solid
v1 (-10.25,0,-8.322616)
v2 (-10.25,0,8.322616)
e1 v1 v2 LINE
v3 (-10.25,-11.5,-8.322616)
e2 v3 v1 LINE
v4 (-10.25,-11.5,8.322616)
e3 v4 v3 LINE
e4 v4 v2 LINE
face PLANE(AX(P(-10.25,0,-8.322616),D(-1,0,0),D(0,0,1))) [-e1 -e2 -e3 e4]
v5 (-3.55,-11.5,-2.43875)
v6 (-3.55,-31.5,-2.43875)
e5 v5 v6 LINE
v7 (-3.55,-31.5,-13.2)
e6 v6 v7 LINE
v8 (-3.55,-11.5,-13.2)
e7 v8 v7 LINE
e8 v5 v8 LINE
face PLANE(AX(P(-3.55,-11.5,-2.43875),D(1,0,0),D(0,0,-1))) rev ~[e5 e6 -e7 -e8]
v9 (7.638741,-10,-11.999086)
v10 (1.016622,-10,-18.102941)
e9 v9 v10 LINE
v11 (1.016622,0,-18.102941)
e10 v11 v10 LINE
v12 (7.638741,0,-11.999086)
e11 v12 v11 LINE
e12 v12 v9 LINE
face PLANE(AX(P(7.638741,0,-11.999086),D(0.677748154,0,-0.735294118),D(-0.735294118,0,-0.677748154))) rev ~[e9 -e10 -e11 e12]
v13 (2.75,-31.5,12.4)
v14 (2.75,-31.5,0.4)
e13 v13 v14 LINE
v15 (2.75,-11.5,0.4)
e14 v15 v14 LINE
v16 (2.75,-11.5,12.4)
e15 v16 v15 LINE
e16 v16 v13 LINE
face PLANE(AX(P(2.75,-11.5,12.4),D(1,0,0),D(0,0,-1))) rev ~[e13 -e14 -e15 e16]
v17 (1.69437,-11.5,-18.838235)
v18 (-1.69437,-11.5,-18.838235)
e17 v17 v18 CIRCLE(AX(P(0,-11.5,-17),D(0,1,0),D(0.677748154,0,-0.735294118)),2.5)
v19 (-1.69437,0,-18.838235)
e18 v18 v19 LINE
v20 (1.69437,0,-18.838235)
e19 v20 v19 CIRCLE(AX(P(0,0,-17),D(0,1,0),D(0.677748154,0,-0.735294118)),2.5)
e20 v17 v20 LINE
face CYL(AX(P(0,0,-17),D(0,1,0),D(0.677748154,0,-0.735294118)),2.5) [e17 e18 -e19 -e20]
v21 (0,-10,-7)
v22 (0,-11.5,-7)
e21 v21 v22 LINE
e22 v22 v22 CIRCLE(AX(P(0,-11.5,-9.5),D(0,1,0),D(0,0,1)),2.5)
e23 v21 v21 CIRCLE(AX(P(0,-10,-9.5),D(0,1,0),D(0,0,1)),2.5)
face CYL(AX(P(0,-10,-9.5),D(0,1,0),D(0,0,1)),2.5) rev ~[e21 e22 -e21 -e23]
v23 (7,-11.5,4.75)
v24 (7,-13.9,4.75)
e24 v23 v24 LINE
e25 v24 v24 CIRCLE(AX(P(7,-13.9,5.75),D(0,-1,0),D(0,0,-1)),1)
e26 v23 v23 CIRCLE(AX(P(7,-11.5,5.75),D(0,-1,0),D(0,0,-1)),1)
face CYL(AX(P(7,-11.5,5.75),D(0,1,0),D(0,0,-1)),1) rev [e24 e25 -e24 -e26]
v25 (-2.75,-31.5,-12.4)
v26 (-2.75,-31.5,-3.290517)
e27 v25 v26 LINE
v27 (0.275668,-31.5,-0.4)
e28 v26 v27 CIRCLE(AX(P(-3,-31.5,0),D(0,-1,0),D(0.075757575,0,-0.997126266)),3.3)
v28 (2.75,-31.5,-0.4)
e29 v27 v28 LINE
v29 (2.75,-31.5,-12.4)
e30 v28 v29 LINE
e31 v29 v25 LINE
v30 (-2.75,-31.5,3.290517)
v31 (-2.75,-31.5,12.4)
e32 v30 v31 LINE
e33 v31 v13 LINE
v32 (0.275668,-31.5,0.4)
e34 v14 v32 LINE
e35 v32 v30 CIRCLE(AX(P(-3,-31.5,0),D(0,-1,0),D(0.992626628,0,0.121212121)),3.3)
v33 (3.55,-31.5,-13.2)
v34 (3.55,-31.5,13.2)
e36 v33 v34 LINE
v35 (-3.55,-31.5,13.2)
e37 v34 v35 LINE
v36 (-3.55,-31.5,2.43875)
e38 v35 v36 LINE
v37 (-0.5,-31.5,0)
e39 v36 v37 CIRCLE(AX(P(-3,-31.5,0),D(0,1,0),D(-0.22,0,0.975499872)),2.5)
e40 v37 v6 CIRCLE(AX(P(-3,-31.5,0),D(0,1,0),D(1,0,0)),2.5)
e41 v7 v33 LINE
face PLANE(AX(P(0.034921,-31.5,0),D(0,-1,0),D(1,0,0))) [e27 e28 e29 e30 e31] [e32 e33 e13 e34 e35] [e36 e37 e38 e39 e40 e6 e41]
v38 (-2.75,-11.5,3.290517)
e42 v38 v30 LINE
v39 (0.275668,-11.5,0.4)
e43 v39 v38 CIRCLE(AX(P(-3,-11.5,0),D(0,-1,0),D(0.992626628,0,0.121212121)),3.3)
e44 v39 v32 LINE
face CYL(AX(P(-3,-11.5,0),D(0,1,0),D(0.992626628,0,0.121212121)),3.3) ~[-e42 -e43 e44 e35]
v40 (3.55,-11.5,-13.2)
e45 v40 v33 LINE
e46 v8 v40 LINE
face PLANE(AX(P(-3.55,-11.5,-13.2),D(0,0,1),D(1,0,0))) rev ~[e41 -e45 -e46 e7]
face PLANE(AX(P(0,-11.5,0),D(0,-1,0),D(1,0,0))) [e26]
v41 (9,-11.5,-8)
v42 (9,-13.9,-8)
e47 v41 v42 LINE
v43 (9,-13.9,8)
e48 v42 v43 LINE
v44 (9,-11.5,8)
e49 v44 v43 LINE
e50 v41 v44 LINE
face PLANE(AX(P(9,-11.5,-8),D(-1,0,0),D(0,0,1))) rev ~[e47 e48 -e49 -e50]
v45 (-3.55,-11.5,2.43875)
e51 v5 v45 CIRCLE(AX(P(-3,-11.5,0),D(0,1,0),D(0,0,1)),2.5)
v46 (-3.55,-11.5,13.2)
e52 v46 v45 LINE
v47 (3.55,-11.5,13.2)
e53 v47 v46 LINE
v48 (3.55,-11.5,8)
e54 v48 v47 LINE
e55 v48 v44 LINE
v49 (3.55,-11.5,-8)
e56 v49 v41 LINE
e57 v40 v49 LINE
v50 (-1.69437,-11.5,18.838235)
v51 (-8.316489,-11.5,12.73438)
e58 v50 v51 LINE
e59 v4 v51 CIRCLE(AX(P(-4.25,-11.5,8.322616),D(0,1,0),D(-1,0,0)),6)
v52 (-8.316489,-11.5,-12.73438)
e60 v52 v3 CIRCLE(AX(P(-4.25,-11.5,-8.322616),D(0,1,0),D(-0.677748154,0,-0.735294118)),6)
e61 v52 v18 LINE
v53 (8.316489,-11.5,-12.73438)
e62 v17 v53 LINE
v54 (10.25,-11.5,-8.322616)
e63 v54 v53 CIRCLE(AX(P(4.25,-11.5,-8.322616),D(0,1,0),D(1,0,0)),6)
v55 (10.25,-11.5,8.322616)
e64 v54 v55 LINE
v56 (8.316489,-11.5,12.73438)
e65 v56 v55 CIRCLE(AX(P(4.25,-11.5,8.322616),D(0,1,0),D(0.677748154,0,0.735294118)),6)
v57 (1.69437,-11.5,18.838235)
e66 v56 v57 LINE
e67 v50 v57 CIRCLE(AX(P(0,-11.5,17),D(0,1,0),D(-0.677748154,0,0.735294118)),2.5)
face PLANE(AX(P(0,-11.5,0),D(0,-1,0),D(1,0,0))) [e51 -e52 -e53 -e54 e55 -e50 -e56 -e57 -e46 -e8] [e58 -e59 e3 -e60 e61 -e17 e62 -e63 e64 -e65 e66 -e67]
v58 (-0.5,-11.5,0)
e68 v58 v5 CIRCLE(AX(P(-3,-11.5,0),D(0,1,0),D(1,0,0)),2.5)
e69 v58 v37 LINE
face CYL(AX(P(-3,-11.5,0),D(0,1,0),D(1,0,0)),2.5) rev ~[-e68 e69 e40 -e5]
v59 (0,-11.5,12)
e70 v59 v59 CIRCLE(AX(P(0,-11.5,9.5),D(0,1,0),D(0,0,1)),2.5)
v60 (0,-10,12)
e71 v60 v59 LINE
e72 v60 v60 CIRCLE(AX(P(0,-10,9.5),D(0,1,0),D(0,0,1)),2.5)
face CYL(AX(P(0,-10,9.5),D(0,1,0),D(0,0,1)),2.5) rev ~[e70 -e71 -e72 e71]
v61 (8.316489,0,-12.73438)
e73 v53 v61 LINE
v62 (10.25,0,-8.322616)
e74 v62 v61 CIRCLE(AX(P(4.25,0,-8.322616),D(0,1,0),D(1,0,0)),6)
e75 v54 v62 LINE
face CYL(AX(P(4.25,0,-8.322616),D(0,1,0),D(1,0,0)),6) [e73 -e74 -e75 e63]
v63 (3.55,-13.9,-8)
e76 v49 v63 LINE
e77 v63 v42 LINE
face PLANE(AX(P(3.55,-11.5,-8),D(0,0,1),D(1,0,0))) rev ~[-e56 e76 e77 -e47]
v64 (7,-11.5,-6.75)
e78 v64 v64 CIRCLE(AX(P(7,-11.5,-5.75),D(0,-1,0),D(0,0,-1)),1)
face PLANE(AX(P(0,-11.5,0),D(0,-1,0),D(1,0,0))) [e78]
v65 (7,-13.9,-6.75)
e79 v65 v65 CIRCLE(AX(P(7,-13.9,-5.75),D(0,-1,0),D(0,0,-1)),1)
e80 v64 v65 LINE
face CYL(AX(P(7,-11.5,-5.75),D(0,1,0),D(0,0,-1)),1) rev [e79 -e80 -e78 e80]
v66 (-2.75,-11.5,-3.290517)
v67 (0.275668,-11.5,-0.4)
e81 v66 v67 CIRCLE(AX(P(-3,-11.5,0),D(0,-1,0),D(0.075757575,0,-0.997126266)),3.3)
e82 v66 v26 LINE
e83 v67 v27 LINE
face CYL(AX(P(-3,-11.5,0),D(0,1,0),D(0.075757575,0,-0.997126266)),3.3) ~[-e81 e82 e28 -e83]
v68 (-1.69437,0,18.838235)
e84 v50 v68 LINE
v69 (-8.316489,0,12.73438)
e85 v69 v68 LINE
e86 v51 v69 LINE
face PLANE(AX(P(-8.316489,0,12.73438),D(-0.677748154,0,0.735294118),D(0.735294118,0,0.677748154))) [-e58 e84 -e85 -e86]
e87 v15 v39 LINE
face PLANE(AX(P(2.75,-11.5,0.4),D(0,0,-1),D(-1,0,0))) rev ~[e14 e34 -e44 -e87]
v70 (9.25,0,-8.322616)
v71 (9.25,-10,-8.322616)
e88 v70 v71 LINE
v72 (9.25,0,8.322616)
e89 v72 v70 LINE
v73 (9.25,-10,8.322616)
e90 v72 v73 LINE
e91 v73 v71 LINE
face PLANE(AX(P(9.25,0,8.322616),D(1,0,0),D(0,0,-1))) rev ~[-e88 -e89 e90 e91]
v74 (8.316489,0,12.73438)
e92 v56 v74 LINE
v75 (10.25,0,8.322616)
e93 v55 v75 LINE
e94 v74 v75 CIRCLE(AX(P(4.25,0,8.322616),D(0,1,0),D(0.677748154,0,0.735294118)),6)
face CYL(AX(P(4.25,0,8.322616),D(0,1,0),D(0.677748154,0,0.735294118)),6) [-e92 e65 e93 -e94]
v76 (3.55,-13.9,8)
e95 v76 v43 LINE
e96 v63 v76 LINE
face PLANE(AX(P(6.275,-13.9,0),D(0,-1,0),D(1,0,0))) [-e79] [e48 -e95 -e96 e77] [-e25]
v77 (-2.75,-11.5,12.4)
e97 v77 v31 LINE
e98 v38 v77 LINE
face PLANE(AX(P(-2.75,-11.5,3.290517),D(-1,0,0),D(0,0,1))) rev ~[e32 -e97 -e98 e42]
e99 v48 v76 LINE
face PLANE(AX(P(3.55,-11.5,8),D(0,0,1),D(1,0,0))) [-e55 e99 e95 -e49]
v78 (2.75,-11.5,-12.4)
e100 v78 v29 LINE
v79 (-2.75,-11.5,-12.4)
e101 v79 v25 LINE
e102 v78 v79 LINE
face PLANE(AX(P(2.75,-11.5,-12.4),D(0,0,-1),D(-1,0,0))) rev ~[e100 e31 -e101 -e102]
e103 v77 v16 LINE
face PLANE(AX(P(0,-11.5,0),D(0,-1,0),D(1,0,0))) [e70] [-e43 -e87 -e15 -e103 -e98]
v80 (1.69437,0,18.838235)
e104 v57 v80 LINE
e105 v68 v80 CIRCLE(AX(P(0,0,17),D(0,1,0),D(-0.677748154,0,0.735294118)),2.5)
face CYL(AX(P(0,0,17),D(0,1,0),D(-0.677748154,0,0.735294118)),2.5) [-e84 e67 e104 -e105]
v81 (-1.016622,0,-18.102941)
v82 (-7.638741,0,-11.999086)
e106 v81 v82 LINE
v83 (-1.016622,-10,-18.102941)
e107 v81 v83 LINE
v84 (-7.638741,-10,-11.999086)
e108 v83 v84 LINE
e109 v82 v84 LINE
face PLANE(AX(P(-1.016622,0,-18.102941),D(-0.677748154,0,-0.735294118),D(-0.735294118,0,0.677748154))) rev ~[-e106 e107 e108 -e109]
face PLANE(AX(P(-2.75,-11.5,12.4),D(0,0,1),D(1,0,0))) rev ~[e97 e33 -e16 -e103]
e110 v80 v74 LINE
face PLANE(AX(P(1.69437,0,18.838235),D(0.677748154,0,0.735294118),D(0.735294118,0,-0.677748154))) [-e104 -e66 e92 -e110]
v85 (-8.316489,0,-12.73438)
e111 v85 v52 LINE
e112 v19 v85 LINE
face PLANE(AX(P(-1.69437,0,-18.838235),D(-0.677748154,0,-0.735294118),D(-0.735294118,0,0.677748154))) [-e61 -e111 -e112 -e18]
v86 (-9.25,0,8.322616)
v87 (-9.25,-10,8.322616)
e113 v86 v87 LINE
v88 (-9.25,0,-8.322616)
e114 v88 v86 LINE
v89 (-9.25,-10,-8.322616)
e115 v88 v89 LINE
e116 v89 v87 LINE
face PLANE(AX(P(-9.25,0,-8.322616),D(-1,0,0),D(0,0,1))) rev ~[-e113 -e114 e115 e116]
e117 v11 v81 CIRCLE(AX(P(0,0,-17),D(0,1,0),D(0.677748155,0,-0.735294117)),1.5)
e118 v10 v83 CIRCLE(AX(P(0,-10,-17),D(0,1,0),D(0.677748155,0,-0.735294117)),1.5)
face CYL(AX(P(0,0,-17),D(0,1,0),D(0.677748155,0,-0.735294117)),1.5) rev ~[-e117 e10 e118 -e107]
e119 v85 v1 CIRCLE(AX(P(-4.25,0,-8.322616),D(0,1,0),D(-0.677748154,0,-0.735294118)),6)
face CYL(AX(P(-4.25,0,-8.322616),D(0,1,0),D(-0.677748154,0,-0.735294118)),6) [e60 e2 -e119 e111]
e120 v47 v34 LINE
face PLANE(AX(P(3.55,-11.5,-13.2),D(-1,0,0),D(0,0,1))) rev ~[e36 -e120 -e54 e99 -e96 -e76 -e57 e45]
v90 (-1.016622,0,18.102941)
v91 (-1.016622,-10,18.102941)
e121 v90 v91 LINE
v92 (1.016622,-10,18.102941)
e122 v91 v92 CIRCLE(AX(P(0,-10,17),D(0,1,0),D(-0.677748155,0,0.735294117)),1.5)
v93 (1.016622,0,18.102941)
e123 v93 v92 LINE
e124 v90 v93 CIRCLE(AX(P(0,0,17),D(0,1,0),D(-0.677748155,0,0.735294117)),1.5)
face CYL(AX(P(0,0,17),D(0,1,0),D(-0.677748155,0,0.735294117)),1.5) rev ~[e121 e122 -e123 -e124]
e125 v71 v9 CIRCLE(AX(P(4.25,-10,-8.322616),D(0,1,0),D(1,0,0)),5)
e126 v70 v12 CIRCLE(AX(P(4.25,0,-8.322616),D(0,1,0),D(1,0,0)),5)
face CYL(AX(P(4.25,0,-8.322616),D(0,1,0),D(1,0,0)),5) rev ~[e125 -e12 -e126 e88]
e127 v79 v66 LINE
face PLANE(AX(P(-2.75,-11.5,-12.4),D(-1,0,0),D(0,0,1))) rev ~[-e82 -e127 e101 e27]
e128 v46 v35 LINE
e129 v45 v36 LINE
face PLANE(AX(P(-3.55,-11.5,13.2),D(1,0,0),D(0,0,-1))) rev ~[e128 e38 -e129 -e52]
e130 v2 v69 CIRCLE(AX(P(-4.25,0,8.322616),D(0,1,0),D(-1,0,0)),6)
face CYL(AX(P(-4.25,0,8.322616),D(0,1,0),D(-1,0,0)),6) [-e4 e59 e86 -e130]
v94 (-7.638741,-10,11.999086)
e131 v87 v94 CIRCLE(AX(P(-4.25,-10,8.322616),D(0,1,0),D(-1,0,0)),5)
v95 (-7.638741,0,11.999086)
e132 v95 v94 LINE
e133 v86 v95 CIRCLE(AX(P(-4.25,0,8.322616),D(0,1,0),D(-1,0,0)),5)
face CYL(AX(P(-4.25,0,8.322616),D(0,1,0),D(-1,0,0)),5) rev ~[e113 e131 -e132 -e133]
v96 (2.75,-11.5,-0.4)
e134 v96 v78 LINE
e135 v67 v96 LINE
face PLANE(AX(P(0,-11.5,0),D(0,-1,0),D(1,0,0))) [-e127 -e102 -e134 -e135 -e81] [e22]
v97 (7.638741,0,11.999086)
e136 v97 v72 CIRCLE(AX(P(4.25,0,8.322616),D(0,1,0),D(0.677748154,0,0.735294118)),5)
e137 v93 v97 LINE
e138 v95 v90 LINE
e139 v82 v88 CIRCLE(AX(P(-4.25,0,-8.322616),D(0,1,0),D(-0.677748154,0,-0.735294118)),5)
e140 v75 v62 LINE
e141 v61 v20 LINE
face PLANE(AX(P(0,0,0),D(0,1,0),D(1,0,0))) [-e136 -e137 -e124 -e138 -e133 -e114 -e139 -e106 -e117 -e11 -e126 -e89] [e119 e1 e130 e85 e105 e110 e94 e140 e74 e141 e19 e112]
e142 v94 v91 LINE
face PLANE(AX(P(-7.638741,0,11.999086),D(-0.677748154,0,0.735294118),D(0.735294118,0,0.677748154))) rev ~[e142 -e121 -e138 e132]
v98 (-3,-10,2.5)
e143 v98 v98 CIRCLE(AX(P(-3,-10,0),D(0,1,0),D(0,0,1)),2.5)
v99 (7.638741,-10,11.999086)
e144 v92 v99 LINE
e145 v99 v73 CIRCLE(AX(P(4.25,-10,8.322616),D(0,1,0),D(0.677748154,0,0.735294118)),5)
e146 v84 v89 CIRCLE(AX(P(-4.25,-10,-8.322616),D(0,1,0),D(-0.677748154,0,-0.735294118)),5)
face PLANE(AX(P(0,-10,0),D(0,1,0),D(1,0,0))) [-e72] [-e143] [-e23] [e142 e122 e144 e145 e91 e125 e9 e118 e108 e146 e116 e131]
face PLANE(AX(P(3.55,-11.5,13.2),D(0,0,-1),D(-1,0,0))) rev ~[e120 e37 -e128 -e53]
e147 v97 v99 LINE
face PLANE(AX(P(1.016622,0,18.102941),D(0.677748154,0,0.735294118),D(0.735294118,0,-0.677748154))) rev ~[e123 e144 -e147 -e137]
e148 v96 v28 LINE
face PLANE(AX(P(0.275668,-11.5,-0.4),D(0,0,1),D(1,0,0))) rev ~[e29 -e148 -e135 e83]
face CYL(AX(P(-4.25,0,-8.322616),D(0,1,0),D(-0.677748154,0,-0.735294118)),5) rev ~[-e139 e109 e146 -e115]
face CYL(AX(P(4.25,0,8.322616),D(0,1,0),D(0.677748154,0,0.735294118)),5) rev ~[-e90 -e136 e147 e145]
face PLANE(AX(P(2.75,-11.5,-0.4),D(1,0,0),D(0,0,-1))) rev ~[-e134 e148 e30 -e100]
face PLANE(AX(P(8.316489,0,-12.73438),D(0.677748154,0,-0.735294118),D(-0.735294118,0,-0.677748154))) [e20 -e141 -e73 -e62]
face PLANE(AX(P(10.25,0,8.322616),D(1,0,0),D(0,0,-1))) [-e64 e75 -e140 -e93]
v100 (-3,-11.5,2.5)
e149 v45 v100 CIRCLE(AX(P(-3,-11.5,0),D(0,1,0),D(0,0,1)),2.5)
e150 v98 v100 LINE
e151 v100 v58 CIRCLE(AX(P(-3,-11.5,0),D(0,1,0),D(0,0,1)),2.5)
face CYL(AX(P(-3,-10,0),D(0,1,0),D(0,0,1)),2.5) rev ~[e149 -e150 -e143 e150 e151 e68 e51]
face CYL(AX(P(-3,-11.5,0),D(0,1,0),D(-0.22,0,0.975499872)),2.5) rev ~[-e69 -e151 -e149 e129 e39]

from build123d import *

# Parameters (mm, degrees)
ESBO_O1_W                = 26.7
ESBO_O1_H                = 39.3
RESSALTO_EXTRUS_O1_DEPTH = 38.5
CORTE_EXTRUS_O1_DEPTH    = 10
ESBO_O4_W                = 26.7
ESBO_O4_H                = 39.3
CORTE_EXTRUS_O2_DEPTH    = 10
ESBO_O5_W                = 26.7
ESBO_O5_H                = 39.3
ESBO_O5_W_2              = 22.6
ESBO_O5_H_2              = 27
CORTE_EXTRUS_O4_DEPTH    = 27
ESBO_O6_R                = 2.5
CORTE_EXTRUS_O5_DEPTH    = 5
ESBO_O7_W                = 2.05
ESBO_O7_H                = 1
RESSALTO_EXTRUS_O2_DEPTH = 4
CUT_EXTRUDE1_DEPTH       = 10
CUT_EXTRUDE1_DEPTH_BACK  = 100
SKETCH2_W                = 27
SKETCH2_H                = 27
ESBO_O4_3_W              = 26.7
ESBO_O4_3_H              = 39.3
CUT_EXTRUDE3_DEPTH       = 100
BOSS_EXTRUDE1_DEPTH      = 20
SKETCH6_3_W              = 5.45
SKETCH6_3_H              = 16
SKETCH6_3_R              = 1
BOSS_EXTRUDE2_DEPTH      = 2.4


with BuildPart() as part:
    # Esboço1 → Ressalto-extrusão1 (new body)
    with BuildSketch(Plane(origin=(0, 0, 0), x_dir=(1, 0, 0), z_dir=(0, 1, 0))):
        Rectangle(ESBO_O1_W, ESBO_O1_H)
    extrude(amount=-RESSALTO_EXTRUS_O1_DEPTH)

    # Esboço2 → Corte-extrusão1 (cut)
    with BuildSketch(Plane(origin=(0, 0, 0), x_dir=(1, 0, 0), z_dir=(0, 1, 0))):
        with BuildLine():
            Line((1.016622231, -18.102941176), (7.638740771, -11.999086257))
            ThreePointArc((7.638740771, -11.999086257), (8.829503459, -10.32964035), (9.25, -8.322615669))
            Line((9.25, -8.322615669), (9.25, 8.322615669))
            ThreePointArc((9.25, 8.322615669), (8.829503459, 10.32964035), (7.638740771, 11.999086257))
            Line((7.638740771, 11.999086257), (1.016622231, 18.102941176))
            ThreePointArc((1.016622231, 18.102941176), (0, 18.5), (-1.016622231, 18.102941176))
            Line((-1.016622231, 18.102941176), (-7.638740771, 11.999086257))
            ThreePointArc((-7.638740771, 11.999086257), (-8.829503459, 10.32964035), (-9.25, 8.322615669))
            Line((-9.25, 8.322615669), (-9.25, -8.322615669))
            ThreePointArc((-9.25, -8.322615669), (-8.829503459, -10.32964035), (-7.638740771, -11.999086257))
            Line((-7.638740771, -11.999086257), (-1.016622231, -18.102941176))
            ThreePointArc((-1.016622231, -18.102941176), (0, -18.5), (1.016622231, -18.102941176))
        make_face()
    extrude(amount=-CORTE_EXTRUS_O1_DEPTH, mode=Mode.SUBTRACT)

    # Esboço4 → Corte-extrusão2 (cut)
    with BuildSketch(Plane(origin=(0, 0, 0), x_dir=(1, 0, 0), z_dir=(0, 1, 0))):
        Rectangle(ESBO_O4_W, ESBO_O4_H)
        with BuildLine():
            Line((-1.694370386, -18.838235294), (-8.316488925, -12.734380374))
            ThreePointArc((-8.316488925, -12.734380374), (-9.74540415, -10.731045286), (-10.25, -8.322615669))
            Line((-10.25, -8.322615669), (-10.25, 8.322615669))
            ThreePointArc((-10.25, 8.322615669), (-9.74540415, 10.731045286), (-8.316488925, 12.734380374))
            Line((-8.316488925, 12.734380374), (-1.694370386, 18.838235294))
            ThreePointArc((-1.694370386, 18.838235294), (0, 19.5), (1.694370386, 18.838235294))
            Line((1.694370386, 18.838235294), (8.316488925, 12.734380374))
            ThreePointArc((8.316488925, 12.734380374), (9.74540415, 10.731045286), (10.25, 8.322615669))
            Line((10.25, 8.322615669), (10.25, -8.322615669))
            ThreePointArc((10.25, -8.322615669), (9.74540415, -10.731045286), (8.316488925, -12.734380374))
            Line((8.316488925, -12.734380374), (1.694370386, -18.838235294))
            ThreePointArc((1.694370386, -18.838235294), (0, -19.5), (-1.694370386, -18.838235294))
        make_face(mode=Mode.SUBTRACT)
    extrude(amount=-CORTE_EXTRUS_O2_DEPTH, mode=Mode.SUBTRACT)

    # Esboço5 → Corte-extrusão4 (cut)
    with BuildSketch(Plane.XZ.offset(38.5)):
        Rectangle(ESBO_O5_W, ESBO_O5_H)
        Rectangle(ESBO_O5_W_2, ESBO_O5_H_2, mode=Mode.SUBTRACT)
    extrude(amount=-CORTE_EXTRUS_O4_DEPTH, mode=Mode.SUBTRACT)

    # Esboço6 → Corte-extrusão5 (cut)
    with BuildSketch(Plane(origin=(0, -10, 0), x_dir=(1, 0, 0), z_dir=(0, 1, 0))):
        with Locations((0, -9.5)):
            Circle(ESBO_O6_R)
        with Locations((0, 9.5)):
            Circle(ESBO_O6_R)
        with Locations((-3, 0)):
            Circle(ESBO_O6_R)
    extrude(amount=-CORTE_EXTRUS_O5_DEPTH, mode=Mode.SUBTRACT)

    # Esboço7 → Ressalto-extrusão2 (add)
    with BuildSketch(Plane.XZ.offset(11.5)):
        with Locations((12.325, 13)):
            Rectangle(ESBO_O7_W, ESBO_O7_H)
        with Locations((-12.325, 13)):
            Rectangle(ESBO_O7_W, ESBO_O7_H)
        with Locations((-12.325, -13)):
            Rectangle(ESBO_O7_W, ESBO_O7_H)
        with Locations((12.325, -13)):
            Rectangle(ESBO_O7_W, ESBO_O7_H)
    extrude(amount=RESSALTO_EXTRUS_O2_DEPTH)

    # Sketch2 → Cut-Extrude1 (cut, two sides: drawn at the far end of the back side and taken through both)
    with BuildSketch(Plane(origin=(11.3, 0, 0), x_dir=(0, 0, -1), z_dir=(1, 0, 0)).offset(-CUT_EXTRUDE1_DEPTH_BACK)):
        with Locations((0, -25)):
            Rectangle(SKETCH2_W, SKETCH2_H)
    extrude(amount=CUT_EXTRUDE1_DEPTH + CUT_EXTRUDE1_DEPTH_BACK, mode=Mode.SUBTRACT)

    # Esboço4<3> → Cut-Extrude3 (cut)
    with BuildSketch(Plane(origin=(0, 0, 0), x_dir=(1, 0, 0), z_dir=(0, 1, 0))):
        Rectangle(ESBO_O4_3_W, ESBO_O4_3_H)
        with BuildLine():
            Line((-1.694370386, -18.838235294), (-8.316488925, -12.734380374))
            ThreePointArc((-8.316488925, -12.734380374), (-9.74540415, -10.731045286), (-10.25, -8.322615669))
            Line((-10.25, -8.322615669), (-10.25, 8.322615669))
            ThreePointArc((-10.25, 8.322615669), (-9.74540415, 10.731045286), (-8.316488925, 12.734380374))
            Line((-8.316488925, 12.734380374), (-1.694370386, 18.838235294))
            ThreePointArc((-1.694370386, 18.838235294), (0, 19.5), (1.694370386, 18.838235294))
            Line((1.694370386, 18.838235294), (8.316488925, 12.734380374))
            ThreePointArc((8.316488925, 12.734380374), (9.74540415, 10.731045286), (10.25, 8.322615669))
            Line((10.25, 8.322615669), (10.25, -8.322615669))
            ThreePointArc((10.25, -8.322615669), (9.74540415, -10.731045286), (8.316488925, -12.734380374))
            Line((8.316488925, -12.734380374), (1.694370386, -18.838235294))
            ThreePointArc((1.694370386, -18.838235294), (0, -19.5), (-1.694370386, -18.838235294))
        make_face(mode=Mode.SUBTRACT)
    extrude(amount=-CUT_EXTRUDE3_DEPTH, mode=Mode.SUBTRACT)

    # Sketch6 → Boss-Extrude1 (add)
    with BuildSketch(Plane.XZ.offset(11.5)):
        with BuildLine():
            Line((-3.55, 13.2), (-3.55, 2.43874968))
            ThreePointArc((-3.55, 2.43874968), (-1.4387505, 1.952562419), (-0.5, 0))
            ThreePointArc((-0.5, 0), (-1.4387505, -1.952562419), (-3.55, -2.43874968))
            Line((-3.55, -2.43874968), (-3.55, -13.2))
            Line((-3.55, -13.2), (3.55, -13.2))
            Line((3.55, -13.2), (3.55, -8))
            Line((3.55, -8), (3.55, 8))
            Line((3.55, 8), (3.55, 13.2))
            Line((3.55, 13.2), (-3.55, 13.2))
        make_face()
        with BuildLine():
            Line((2.75, -12.4), (-2.75, -12.4))
            Line((-2.75, -12.4), (-2.75, -3.290516677))
            ThreePointArc((-2.75, -3.290516677), (-0.720448476, -2.386135967), (0.275667871, -0.4))
            Line((0.275667871, -0.4), (2.75, -0.4))
            Line((2.75, -0.4), (2.75, -12.4))
        make_face(mode=Mode.SUBTRACT)
        with BuildLine():
            Line((2.75, 12.4), (2.75, 0.4))
            Line((2.75, 0.4), (0.275667871, 0.4))
            ThreePointArc((0.275667871, 0.4), (-0.720448476, 2.386135967), (-2.75, 3.290516677))
            Line((-2.75, 3.290516677), (-2.75, 12.4))
            Line((-2.75, 12.4), (2.75, 12.4))
        make_face(mode=Mode.SUBTRACT)
    extrude(amount=BOSS_EXTRUDE1_DEPTH)

    # Sketch6<3> → Boss-Extrude2 (add)
    with BuildSketch(Plane.XZ.offset(11.5)):
        with Locations((6.275, 0)):
            Rectangle(SKETCH6_3_W, SKETCH6_3_H)
        with Locations((7, -5.75)):
            Circle(SKETCH6_3_R, mode=Mode.SUBTRACT)
        with Locations((7, 5.75)):
            Circle(SKETCH6_3_R, mode=Mode.SUBTRACT)
    extrude(amount=BOSS_EXTRUDE2_DEPTH)


solid = part.part
